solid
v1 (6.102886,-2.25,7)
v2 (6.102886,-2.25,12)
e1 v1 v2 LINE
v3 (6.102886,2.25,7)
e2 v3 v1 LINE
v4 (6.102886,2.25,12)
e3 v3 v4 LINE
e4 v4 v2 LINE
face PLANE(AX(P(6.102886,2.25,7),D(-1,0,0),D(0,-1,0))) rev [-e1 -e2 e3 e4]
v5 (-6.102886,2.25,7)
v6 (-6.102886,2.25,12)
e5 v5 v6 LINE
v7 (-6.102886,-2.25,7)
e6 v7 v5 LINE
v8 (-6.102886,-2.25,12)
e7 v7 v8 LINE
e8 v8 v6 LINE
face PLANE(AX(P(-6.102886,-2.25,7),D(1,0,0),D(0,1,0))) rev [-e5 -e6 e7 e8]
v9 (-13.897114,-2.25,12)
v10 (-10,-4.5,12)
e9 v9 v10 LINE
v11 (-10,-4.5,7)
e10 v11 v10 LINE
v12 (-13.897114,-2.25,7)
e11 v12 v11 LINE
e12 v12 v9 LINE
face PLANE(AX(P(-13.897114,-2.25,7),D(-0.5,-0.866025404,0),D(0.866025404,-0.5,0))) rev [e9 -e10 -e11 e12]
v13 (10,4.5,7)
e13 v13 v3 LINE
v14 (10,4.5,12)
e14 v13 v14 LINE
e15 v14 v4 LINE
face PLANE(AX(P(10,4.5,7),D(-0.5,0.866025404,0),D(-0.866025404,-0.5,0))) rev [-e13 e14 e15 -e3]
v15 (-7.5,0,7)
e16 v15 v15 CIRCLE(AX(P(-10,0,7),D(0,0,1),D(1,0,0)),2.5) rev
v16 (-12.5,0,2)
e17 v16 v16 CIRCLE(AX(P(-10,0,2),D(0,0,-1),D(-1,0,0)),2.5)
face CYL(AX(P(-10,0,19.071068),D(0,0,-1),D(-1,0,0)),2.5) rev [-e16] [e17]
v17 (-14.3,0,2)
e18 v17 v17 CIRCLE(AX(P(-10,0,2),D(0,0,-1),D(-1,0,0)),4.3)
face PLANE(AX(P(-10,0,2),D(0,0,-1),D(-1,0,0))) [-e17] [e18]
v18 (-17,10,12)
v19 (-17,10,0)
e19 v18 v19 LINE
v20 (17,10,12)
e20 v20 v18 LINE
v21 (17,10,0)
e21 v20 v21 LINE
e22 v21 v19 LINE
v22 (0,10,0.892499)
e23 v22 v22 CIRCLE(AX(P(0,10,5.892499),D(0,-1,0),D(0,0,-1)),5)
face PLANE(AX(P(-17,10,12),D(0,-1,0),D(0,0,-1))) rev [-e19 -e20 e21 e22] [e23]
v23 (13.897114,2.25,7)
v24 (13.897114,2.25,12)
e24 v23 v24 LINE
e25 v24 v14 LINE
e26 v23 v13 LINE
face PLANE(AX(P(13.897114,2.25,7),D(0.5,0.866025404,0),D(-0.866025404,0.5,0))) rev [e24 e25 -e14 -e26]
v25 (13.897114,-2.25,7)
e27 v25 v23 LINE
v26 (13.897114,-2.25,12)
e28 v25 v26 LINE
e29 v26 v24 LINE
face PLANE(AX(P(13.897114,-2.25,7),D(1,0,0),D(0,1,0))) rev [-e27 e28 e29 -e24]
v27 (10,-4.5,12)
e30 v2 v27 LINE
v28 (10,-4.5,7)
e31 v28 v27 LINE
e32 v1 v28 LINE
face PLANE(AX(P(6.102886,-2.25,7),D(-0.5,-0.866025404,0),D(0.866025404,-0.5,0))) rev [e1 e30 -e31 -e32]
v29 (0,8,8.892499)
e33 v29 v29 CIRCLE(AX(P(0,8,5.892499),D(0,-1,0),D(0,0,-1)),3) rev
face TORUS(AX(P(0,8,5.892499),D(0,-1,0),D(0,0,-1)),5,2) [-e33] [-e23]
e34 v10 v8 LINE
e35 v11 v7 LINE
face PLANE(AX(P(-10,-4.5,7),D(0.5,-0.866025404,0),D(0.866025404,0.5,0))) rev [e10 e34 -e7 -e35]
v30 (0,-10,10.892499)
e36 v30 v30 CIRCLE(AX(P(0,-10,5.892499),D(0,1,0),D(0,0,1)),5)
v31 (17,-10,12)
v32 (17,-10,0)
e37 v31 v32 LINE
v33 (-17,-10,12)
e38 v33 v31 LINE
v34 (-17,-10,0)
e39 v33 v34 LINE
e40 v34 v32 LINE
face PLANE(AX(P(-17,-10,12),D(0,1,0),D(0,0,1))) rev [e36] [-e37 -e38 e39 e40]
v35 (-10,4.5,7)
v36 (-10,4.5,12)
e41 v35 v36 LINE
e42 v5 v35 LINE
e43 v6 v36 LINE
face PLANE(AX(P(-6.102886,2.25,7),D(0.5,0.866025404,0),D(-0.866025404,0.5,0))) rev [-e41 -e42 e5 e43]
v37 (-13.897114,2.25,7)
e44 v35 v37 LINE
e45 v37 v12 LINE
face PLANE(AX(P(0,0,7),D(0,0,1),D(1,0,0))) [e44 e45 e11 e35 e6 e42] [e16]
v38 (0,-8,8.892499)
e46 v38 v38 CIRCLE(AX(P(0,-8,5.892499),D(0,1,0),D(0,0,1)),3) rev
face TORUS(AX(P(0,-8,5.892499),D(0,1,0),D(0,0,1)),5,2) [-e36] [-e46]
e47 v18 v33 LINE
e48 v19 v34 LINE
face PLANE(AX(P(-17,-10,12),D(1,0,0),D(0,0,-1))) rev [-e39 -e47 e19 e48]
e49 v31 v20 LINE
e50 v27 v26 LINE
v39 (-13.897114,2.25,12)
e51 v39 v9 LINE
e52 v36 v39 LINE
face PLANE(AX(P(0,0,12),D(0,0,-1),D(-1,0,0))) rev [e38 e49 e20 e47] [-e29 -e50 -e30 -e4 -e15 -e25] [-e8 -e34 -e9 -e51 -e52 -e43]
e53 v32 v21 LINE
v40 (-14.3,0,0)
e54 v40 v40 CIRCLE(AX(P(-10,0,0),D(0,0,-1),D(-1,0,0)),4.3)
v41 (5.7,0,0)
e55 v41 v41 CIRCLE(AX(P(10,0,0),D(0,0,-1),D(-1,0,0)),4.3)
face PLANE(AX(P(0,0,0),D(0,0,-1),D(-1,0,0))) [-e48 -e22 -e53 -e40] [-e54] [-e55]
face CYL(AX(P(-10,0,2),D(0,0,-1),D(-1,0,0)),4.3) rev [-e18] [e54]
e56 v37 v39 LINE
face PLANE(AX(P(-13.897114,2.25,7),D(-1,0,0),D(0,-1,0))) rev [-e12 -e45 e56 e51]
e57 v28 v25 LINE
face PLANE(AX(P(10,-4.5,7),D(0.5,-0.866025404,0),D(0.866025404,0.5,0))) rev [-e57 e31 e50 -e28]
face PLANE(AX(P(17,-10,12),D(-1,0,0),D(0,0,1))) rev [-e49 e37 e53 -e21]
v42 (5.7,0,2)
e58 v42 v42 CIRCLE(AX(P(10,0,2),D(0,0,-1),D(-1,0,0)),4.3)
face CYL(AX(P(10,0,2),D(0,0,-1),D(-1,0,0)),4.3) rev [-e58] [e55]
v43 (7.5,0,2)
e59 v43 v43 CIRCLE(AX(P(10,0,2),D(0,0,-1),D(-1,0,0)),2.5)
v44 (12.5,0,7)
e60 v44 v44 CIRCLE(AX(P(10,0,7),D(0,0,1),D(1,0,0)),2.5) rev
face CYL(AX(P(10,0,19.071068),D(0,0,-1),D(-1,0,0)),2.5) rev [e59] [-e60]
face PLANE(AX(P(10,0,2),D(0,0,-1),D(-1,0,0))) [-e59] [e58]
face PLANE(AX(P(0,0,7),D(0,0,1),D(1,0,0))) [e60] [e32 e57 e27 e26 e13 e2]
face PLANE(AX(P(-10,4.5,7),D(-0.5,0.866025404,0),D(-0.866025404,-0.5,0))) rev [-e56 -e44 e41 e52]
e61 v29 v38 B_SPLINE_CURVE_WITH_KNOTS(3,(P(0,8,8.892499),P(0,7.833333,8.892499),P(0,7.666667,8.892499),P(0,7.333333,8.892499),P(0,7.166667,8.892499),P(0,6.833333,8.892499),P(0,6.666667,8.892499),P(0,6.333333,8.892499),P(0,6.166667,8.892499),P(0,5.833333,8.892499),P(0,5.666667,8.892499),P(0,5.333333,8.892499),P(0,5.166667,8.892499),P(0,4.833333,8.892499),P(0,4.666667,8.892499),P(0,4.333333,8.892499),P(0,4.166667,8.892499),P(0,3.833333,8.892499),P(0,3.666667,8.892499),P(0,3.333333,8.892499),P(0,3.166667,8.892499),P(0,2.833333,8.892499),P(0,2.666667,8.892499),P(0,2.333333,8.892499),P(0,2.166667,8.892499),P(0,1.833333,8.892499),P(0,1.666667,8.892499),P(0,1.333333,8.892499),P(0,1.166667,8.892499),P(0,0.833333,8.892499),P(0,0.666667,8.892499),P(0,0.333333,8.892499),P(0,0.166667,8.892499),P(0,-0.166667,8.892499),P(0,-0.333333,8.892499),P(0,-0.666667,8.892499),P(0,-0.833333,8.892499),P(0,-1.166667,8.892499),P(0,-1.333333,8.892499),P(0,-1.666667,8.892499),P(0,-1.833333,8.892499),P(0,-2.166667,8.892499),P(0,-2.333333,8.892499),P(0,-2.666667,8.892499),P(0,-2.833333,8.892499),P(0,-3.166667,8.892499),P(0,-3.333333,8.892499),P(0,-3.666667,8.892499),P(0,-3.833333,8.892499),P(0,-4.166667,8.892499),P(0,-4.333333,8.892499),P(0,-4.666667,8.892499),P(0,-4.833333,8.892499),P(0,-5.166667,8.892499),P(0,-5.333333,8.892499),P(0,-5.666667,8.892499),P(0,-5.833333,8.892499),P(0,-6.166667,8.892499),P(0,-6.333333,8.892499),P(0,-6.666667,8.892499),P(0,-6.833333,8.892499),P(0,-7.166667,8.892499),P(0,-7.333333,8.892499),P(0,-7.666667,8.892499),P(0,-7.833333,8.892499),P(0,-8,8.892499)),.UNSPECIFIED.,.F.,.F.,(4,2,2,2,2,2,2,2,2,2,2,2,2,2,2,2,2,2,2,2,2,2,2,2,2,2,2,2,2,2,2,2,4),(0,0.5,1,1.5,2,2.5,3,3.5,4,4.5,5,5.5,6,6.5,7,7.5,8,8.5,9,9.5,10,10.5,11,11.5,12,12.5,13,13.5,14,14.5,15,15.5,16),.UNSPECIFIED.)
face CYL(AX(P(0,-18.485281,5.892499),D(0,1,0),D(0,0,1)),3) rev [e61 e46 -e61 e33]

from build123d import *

# Parameters (mm, degrees)
SKETCH1_W           = 34
SKETCH1_H           = 20
BOSS_EXTRUDE1_DEPTH = 12
SKETCH2_R           = 2.5
CUT_EXTRUDE5_DEPTH  = 12
SKETCH2_8_R         = 4.3
SKETCH2_8_R_2       = 2.5
CUT_EXTRUDE6_DEPTH  = 2
SKETCH6_R           = 3
CUT_EXTRUDE7_DEPTH  = 20
FILLET1_R           = 2
CUT_EXTRUDE8_DEPTH  = 5


with BuildPart() as part:
    # Sketch1 → Boss-Extrude1 (new body)
    with BuildSketch(Plane.XY):
        Rectangle(SKETCH1_W, SKETCH1_H)
    extrude(amount=BOSS_EXTRUDE1_DEPTH)

    # Sketch2 → Cut-Extrude5 (cut)
    with BuildSketch(Plane(origin=(0, 0, 0), x_dir=(-1, 0, 0), z_dir=(0, 0, -1))):
        with Locations((10, 0)):
            Circle(SKETCH2_R)
        with Locations((-10, 0)):
            Circle(SKETCH2_R)
    extrude(amount=-CUT_EXTRUDE5_DEPTH, mode=Mode.SUBTRACT)

    # Sketch2<8> → Cut-Extrude6 (cut)
    # profile 1 of 2: a face of its own
    with BuildSketch(Plane(origin=(0, 0, 0), x_dir=(-1, 0, 0), z_dir=(0, 0, -1))):
        with Locations((10, 0)):
            Circle(SKETCH2_8_R)
        with Locations((10, 0)):
            Circle(SKETCH2_8_R_2, mode=Mode.SUBTRACT)
    # profile 2 of 2: a face of its own
    with BuildSketch(Plane(origin=(0, 0, 0), x_dir=(-1, 0, 0), z_dir=(0, 0, -1))):
        with Locations((-10, 0)):
            Circle(SKETCH2_8_R)
        with Locations((-10, 0)):
            Circle(SKETCH2_8_R_2, mode=Mode.SUBTRACT)
    extrude(amount=-CUT_EXTRUDE6_DEPTH, mode=Mode.SUBTRACT)

    # Sketch6 → Cut-Extrude7 (cut)
    with BuildSketch(Plane(origin=(0, 10, 0), x_dir=(1, 0, 0), z_dir=(0, 1, 0))):
        with Locations(Location((0, -5.892499296, 0), (0, 0, 270))):
            Circle(SKETCH6_R)
    extrude(amount=-CUT_EXTRUDE7_DEPTH, mode=Mode.SUBTRACT)

    # Fillet1
    fillet1_edges = [part.edges().sort_by_distance(p)[0] for p in [
        (0, 10, 2.892499296),
        (0, -10, 2.892499296),
    ]]
    fillet(fillet1_edges, radius=FILLET1_R)

    # Sketch7 → Cut-Extrude8 (cut)
    with BuildSketch(Plane.XY.offset(12)):
        Polygon((-10, 4.5), (-13.897114317, 2.25), (-13.897114317, -2.25), (-10, -4.5), (-6.102885683, -2.25), (-6.102885683, 2.25), align=None)
        Polygon((10, 4.5), (6.102885683, 2.25), (6.102885683, -2.25), (10, -4.5), (13.897114317, -2.25), (13.897114317, 2.25), align=None)
    extrude(amount=-CUT_EXTRUDE8_DEPTH, mode=Mode.SUBTRACT)


solid = part.part
